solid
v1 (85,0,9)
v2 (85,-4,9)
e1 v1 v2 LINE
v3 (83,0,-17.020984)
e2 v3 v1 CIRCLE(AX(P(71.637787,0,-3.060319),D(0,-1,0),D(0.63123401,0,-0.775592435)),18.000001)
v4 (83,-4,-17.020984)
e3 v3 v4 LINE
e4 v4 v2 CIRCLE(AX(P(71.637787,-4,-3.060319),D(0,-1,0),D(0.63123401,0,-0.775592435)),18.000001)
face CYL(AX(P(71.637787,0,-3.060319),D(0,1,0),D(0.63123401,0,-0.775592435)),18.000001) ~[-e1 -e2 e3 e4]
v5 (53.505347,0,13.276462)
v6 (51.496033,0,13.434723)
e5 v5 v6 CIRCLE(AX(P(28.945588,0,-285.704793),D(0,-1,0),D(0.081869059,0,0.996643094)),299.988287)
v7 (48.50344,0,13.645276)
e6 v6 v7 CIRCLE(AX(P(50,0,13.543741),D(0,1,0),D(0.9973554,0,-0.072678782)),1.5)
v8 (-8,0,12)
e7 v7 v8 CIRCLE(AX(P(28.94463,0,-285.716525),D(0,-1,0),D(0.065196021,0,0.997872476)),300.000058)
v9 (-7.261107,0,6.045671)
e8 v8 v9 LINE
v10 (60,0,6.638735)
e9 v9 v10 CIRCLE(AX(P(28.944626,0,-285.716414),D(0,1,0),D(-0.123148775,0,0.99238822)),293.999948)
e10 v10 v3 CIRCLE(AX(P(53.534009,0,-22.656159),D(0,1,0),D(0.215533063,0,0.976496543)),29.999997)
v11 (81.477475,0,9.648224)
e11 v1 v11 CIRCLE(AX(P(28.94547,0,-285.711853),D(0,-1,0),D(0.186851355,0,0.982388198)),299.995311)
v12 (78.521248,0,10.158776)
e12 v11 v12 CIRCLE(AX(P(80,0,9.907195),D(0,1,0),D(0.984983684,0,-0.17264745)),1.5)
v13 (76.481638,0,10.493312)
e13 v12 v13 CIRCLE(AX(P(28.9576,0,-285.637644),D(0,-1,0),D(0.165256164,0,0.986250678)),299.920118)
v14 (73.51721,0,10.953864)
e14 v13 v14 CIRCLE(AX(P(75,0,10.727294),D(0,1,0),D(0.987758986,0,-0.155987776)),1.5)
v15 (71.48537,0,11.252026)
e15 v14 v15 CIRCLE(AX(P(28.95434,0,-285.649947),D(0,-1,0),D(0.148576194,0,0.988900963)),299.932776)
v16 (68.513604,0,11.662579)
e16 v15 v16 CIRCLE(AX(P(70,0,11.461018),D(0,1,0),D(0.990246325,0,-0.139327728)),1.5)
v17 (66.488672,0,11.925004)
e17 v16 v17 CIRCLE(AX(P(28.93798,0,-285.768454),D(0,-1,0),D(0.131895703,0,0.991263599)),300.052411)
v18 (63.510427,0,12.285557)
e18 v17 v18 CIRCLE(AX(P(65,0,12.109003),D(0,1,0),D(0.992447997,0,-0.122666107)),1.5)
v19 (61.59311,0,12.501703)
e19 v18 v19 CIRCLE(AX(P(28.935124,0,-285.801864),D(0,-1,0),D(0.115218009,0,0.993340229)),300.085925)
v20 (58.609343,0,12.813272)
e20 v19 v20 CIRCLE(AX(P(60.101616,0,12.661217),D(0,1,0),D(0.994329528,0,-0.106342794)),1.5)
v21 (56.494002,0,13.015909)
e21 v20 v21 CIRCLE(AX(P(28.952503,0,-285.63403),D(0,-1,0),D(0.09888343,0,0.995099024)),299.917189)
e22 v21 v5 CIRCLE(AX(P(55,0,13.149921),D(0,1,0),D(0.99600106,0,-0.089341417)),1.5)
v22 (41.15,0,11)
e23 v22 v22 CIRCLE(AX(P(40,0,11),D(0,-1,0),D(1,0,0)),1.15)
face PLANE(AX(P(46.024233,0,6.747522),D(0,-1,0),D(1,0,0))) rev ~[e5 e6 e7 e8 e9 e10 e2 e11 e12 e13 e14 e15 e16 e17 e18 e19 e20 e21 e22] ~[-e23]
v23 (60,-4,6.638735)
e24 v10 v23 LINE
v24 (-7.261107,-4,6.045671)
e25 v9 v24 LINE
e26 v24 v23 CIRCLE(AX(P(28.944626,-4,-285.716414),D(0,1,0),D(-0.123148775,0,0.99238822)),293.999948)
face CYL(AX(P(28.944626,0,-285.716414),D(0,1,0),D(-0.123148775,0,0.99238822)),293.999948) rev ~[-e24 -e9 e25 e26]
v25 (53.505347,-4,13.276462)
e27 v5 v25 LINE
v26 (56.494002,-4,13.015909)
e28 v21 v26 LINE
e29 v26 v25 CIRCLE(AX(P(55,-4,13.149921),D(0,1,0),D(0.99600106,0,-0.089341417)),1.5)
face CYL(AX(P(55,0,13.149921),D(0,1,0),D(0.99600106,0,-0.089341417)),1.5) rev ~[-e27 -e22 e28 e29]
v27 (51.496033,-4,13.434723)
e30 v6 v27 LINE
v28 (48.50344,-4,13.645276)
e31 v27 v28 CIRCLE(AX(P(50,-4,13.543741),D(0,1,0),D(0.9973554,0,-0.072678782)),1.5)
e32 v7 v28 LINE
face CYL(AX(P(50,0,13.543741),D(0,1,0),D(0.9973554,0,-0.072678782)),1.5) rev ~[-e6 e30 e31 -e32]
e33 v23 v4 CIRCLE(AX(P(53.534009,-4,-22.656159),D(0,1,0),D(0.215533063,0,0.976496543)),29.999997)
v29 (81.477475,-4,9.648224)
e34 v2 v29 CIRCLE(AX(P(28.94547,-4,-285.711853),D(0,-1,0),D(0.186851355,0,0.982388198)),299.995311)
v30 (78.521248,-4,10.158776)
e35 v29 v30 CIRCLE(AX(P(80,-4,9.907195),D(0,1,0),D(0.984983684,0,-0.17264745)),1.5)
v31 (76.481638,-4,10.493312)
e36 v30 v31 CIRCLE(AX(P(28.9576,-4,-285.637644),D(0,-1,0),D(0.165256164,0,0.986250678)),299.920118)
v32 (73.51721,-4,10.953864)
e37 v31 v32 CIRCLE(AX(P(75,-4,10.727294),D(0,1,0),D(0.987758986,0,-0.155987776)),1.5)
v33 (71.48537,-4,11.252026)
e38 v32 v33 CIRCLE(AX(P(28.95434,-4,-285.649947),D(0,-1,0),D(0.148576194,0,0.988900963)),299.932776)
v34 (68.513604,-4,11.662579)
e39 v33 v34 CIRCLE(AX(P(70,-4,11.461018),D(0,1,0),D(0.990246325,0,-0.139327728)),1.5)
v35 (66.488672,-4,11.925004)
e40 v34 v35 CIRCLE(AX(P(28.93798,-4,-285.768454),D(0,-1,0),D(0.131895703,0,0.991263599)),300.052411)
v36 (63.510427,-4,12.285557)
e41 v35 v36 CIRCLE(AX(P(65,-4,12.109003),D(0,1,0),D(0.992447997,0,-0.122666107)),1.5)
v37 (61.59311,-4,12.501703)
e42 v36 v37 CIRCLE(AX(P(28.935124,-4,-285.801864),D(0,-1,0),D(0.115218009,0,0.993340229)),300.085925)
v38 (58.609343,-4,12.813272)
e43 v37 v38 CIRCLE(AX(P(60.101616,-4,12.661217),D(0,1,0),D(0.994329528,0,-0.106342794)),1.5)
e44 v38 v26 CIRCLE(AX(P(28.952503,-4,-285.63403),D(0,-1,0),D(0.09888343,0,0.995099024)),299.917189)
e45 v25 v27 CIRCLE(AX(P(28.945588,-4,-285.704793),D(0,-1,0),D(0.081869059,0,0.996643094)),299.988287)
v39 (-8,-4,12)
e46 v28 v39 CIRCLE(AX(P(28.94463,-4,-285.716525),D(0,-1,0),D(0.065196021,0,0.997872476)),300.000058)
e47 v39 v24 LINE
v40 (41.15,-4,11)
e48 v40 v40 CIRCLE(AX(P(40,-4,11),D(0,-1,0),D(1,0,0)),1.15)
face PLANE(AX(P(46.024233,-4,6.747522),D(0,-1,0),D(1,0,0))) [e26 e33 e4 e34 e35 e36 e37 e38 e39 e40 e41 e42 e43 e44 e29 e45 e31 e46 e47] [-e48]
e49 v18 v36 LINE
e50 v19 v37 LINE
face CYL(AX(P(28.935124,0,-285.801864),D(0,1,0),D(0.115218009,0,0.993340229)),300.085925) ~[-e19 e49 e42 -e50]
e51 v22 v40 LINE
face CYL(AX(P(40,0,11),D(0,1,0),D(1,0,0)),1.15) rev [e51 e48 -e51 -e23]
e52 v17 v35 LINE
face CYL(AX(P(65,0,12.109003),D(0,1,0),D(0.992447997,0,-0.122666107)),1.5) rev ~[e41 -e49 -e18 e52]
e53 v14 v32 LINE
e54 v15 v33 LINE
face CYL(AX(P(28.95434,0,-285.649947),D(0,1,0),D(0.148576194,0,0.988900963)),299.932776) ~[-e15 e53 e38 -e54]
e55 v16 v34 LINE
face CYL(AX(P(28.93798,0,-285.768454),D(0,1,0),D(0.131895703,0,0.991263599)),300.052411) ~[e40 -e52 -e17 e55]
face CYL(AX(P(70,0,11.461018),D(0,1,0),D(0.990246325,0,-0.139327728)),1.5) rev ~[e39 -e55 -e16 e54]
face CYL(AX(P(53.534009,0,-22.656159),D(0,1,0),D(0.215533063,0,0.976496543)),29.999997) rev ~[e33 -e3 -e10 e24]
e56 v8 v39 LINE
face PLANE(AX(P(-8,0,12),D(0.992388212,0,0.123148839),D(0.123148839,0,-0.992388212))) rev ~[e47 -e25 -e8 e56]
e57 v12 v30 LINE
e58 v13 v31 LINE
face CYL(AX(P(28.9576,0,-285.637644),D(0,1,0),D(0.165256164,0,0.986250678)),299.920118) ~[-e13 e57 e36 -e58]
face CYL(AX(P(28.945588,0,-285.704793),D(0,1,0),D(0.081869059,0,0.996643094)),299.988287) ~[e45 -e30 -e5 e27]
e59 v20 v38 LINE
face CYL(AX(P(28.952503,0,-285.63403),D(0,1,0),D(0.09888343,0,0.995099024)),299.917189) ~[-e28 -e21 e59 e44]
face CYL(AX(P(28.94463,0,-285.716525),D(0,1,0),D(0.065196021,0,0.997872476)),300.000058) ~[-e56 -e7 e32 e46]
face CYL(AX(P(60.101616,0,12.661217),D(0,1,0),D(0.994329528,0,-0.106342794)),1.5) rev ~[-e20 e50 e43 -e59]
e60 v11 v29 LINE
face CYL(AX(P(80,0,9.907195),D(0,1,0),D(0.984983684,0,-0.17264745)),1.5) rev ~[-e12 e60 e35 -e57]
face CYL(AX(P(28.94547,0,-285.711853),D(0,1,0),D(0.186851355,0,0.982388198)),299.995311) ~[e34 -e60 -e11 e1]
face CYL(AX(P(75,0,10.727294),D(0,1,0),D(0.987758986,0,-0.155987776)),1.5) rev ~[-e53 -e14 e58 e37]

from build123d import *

# Parameters (mm, degrees)
F0_R     = 1.15
F1_DEPTH = 4


with BuildPart() as f1:
    # F0 (on Front) → F1 (new body)
    with BuildSketch(Plane.XZ):
        with BuildLine():
            ThreePointArc((83, -17.020984), (89.584854, -4.43975), (85, 9))
            ThreePointArc((85, 9), (83.239705, 9.329369), (81.477475, 9.648224))
            ThreePointArc((81.477475, 9.648224), (79.744723, 8.429077), (78.521248, 10.158776))
            ThreePointArc((78.521248, 10.158776), (77.501731, 10.327801), (76.481638, 10.493312))
            ThreePointArc((76.481638, 10.493312), (74.769723, 9.245075), (73.51721, 10.953864))
            ThreePointArc((73.51721, 10.953864), (72.501545, 11.104684), (71.48537, 11.252026))
            ThreePointArc((71.48537, 11.252026), (69.794723, 9.97513), (68.513604, 11.662579))
            ThreePointArc((68.513604, 11.662579), (67.501361, 11.795514), (66.488672, 11.925004))
            ThreePointArc((66.488672, 11.925004), (64.819723, 10.619876), (63.510427, 12.285557))
            ThreePointArc((63.510427, 12.285557), (62.551942, 12.395171), (61.59311, 12.501703))
            ThreePointArc((61.59311, 12.501703), (59.945831, 11.169329), (58.609343, 12.813272))
            ThreePointArc((58.609343, 12.813272), (57.551852, 12.916464), (56.494002, 13.015909))
            ThreePointArc((56.494002, 13.015909), (54.869723, 11.655589), (53.505347, 13.276462))
            ThreePointArc((53.505347, 13.276462), (52.500823, 13.35728), (51.496033, 13.434723))
            ThreePointArc((51.496033, 13.434723), (49.894723, 12.04744), (48.50344, 13.645276))
            ThreePointArc((48.50344, 13.645276), (20.212883, 14.156434), (-8, 12))
            Line((-8, 12), (-7.261107, 6.045671))
            ThreePointArc((-7.261107, 6.045671), (26.35243, 8.272106), (60, 6.638735))
            ThreePointArc((60, 6.638735), (75.044992, -1.744979), (83, -17.020984))
        make_face()
        with Locations((40, 11)):
            Circle(F0_R, mode=Mode.SUBTRACT)
    extrude(amount=F1_DEPTH)


solid = f1.part
